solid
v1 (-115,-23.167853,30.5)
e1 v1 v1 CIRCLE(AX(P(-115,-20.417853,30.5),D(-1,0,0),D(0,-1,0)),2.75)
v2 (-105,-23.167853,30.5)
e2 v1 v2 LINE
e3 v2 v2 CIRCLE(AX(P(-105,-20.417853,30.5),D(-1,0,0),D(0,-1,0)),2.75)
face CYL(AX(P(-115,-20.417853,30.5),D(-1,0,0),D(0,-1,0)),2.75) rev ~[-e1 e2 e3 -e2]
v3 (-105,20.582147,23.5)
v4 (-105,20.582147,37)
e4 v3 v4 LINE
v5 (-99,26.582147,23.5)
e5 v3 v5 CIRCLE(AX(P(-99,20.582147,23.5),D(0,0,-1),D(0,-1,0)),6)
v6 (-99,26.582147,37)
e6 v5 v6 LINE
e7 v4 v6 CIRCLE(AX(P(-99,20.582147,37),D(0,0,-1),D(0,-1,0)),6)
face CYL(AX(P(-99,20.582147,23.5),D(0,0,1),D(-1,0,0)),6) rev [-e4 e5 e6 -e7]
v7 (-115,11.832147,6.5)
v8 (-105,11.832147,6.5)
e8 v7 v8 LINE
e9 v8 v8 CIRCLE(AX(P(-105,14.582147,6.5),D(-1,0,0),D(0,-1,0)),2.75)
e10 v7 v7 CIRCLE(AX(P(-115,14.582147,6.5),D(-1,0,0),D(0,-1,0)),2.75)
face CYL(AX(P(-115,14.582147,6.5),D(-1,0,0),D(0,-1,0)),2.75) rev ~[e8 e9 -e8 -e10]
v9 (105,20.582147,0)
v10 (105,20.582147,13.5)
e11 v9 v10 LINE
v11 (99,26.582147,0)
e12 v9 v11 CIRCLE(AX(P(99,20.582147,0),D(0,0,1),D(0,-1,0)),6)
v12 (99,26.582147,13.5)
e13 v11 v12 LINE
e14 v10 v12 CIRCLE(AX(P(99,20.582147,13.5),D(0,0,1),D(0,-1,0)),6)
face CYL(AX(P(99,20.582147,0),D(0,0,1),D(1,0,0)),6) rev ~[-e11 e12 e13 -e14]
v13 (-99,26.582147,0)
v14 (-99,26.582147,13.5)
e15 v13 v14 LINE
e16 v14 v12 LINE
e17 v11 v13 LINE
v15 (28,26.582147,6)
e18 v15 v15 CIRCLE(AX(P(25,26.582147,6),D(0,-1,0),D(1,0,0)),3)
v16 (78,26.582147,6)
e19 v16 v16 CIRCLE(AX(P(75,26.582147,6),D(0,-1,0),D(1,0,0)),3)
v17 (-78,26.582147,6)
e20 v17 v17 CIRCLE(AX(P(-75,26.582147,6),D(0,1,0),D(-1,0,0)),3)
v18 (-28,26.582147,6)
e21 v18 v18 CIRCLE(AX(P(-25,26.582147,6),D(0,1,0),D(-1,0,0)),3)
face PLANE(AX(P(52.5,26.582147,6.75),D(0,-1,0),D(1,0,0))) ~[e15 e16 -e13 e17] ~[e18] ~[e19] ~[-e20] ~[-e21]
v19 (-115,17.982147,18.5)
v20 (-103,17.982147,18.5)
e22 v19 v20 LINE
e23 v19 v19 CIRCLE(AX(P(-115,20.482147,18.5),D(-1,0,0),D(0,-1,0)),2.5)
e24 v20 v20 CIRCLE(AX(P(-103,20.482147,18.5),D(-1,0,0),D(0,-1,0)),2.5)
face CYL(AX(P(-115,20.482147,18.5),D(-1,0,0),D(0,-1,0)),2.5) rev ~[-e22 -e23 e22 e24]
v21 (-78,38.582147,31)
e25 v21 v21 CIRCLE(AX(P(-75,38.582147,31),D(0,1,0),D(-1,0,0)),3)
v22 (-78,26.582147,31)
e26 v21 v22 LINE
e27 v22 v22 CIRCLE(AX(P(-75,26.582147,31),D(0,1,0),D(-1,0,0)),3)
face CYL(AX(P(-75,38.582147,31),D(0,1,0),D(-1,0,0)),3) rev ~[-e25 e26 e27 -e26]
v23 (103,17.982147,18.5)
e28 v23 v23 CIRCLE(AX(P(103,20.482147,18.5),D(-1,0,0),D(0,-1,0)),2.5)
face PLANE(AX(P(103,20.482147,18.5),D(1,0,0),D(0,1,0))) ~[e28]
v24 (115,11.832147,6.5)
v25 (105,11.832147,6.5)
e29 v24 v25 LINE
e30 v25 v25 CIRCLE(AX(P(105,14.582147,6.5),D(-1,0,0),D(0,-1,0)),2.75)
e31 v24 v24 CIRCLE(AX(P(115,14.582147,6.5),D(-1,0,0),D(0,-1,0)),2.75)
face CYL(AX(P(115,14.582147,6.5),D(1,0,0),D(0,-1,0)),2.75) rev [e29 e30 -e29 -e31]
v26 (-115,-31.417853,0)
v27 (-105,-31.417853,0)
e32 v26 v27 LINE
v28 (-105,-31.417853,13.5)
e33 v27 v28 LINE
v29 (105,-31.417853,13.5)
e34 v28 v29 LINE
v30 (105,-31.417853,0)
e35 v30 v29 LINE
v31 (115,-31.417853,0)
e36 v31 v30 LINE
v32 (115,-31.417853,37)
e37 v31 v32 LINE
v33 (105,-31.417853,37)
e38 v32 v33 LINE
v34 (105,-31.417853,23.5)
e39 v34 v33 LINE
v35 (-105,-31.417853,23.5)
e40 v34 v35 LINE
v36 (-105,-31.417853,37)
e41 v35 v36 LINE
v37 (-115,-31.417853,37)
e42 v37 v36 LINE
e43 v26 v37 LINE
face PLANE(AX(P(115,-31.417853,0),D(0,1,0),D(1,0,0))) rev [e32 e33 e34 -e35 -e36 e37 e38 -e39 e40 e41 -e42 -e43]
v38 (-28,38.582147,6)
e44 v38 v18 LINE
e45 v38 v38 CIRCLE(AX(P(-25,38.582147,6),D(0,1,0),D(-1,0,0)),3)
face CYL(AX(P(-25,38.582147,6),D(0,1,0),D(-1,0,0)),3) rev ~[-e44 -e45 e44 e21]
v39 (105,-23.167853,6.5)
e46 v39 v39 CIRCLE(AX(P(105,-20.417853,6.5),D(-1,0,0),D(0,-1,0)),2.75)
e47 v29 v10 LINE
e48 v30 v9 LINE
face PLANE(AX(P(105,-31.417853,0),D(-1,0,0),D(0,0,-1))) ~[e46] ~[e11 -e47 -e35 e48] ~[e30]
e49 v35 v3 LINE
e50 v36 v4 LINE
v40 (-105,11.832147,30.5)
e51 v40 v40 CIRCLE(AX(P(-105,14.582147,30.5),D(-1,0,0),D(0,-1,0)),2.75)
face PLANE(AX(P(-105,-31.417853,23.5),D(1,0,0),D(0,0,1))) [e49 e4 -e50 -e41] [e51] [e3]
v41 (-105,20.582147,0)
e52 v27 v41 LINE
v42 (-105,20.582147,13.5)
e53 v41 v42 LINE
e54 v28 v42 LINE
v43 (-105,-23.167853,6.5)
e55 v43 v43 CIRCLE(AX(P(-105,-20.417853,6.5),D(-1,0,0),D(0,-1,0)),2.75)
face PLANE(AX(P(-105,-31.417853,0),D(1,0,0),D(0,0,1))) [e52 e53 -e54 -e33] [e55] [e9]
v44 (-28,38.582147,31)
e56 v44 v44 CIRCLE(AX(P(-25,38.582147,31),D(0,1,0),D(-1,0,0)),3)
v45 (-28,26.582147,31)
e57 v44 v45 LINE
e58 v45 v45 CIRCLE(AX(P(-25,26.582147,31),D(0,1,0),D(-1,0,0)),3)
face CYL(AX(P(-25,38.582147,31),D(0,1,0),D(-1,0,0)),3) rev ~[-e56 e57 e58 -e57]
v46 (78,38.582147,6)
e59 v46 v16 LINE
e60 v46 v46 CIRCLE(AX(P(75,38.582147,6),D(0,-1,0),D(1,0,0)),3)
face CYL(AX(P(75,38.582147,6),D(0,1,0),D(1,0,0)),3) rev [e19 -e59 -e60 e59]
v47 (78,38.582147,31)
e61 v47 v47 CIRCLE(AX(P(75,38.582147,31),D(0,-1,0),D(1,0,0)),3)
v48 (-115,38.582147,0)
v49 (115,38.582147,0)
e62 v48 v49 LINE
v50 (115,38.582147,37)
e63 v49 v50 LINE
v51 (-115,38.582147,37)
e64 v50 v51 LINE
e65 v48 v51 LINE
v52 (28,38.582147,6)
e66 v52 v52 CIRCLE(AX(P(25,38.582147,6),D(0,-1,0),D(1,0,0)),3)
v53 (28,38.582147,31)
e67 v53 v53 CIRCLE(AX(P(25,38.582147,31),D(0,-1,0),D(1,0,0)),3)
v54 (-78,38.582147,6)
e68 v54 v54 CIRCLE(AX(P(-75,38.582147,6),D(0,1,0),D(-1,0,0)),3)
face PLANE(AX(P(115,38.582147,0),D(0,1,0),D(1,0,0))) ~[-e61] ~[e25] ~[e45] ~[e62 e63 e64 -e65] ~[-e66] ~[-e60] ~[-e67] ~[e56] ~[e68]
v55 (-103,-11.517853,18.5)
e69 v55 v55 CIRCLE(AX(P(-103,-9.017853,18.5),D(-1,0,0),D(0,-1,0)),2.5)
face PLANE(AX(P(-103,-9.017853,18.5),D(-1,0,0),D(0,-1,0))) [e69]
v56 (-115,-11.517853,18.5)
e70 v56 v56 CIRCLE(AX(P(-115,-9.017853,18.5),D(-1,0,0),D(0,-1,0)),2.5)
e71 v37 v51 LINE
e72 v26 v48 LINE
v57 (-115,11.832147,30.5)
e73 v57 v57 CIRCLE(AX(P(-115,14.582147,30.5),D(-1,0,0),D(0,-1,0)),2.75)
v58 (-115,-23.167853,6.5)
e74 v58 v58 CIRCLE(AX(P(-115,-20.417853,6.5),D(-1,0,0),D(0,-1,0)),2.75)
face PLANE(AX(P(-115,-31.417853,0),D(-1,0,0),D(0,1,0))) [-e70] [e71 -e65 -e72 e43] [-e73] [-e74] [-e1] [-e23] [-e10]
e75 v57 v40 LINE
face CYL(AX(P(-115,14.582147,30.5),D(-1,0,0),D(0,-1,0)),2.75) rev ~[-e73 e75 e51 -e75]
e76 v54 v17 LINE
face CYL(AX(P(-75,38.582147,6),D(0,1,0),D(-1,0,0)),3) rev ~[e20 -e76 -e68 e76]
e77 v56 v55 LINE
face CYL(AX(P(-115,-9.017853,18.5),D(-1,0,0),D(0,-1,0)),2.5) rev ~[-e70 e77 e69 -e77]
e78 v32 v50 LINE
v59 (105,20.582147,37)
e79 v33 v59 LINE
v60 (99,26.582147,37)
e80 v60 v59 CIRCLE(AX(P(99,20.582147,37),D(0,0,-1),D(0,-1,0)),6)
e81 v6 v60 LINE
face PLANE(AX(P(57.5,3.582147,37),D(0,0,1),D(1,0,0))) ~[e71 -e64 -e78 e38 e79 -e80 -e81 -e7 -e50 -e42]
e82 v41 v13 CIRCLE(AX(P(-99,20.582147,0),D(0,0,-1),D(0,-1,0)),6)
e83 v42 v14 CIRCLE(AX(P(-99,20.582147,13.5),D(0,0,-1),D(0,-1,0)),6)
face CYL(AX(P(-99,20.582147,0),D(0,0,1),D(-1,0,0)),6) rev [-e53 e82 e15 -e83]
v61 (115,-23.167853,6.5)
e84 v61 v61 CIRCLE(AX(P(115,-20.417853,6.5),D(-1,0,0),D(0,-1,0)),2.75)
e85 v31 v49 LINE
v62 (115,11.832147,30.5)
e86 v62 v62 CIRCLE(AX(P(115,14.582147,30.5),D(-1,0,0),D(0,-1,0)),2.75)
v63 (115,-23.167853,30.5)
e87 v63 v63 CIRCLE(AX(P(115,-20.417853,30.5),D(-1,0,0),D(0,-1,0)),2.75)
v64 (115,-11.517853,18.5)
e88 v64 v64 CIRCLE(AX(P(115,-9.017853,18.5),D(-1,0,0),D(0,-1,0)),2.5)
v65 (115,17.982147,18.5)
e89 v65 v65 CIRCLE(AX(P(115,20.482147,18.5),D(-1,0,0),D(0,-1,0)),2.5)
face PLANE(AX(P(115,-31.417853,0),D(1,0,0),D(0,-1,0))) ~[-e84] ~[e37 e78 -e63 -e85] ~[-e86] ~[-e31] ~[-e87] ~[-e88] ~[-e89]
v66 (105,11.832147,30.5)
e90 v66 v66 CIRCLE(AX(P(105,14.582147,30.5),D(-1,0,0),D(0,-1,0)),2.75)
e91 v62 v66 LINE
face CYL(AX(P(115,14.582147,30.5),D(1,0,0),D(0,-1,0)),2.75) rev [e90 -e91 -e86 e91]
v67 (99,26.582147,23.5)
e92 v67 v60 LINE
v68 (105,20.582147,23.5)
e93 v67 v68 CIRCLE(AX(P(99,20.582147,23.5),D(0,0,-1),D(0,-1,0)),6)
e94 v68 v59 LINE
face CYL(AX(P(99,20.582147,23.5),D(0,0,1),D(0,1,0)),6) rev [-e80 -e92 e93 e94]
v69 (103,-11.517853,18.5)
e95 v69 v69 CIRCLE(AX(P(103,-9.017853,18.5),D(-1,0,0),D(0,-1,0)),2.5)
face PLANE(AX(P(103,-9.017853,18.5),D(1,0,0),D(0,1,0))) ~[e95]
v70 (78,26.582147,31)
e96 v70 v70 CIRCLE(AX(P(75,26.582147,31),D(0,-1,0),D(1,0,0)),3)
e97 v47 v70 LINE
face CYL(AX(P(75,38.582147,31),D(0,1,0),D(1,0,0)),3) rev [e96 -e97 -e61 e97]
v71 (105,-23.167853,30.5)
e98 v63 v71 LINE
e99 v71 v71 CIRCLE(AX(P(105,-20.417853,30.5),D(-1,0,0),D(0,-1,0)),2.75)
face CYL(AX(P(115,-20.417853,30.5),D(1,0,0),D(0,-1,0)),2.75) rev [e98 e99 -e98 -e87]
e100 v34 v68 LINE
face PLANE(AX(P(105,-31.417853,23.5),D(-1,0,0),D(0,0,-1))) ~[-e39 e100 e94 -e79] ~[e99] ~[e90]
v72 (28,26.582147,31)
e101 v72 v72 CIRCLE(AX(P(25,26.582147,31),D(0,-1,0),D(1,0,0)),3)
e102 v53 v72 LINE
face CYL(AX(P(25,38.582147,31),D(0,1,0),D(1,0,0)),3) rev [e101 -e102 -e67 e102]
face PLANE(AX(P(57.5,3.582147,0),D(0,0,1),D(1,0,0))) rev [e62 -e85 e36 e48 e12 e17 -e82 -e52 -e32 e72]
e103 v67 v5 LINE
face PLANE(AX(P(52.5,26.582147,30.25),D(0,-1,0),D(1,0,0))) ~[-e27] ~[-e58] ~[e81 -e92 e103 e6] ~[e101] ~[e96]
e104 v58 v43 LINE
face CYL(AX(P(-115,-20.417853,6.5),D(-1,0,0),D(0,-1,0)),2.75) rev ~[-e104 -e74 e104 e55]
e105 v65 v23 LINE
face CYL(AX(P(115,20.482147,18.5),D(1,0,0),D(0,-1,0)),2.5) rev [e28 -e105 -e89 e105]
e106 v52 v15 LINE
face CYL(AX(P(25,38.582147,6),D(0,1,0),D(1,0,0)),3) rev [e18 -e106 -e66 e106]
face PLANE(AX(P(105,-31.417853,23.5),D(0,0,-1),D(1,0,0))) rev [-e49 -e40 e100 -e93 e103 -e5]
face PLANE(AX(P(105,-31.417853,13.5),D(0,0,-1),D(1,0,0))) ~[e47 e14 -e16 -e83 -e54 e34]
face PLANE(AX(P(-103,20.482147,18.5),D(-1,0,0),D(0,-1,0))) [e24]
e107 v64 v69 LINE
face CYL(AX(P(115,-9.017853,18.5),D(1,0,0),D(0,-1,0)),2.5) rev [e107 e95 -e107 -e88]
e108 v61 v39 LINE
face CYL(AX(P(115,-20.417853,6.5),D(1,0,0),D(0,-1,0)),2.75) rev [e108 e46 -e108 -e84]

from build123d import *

# Parameters (mm, degrees)
F0_W     = 115
F0_H     = 70
F1_DEPTH = 37
F2_R     = 2.75
F2_R_2   = 2.5
F3_DEPTH = 12
F4_W     = 105
F4_H     = 13.5
F5_DEPTH = 58
F6_R     = 3
F7_DEPTH = 70.001
F9_R     = 6


with BuildPart() as f1:
    # F0 (on Top) → F1 (new body)
    with BuildSketch(Plane.XY):
        with Locations((-57.5, 3.58214689)):
            Rectangle(F0_W, F0_H)
    extrude(amount=F1_DEPTH)

    # F2 (on face) → F3 (cut)
    with BuildSketch(Plane(origin=(-115, 0, 0), x_dir=(0, -1, 0), z_dir=(-1, 0, 0))):
        with Locations((-14.58214689, 30.5)):
            Circle(F2_R)
        with Locations((-14.58214689, 6.5)):
            Circle(F2_R)
        with Locations((20.41785311, 6.5)):
            Circle(F2_R)
        with Locations((20.41785311, 30.5)):
            Circle(F2_R)
        with Locations((-20.48214689, 18.5)):
            Circle(F2_R_2)
        with Locations((9.01785311, 18.5)):
            Circle(F2_R_2)
    extrude(amount=-F3_DEPTH, mode=Mode.SUBTRACT)

    # F4 (on face) → F5 (cut)
    with BuildSketch(Plane.XZ.offset(31.41785311)):
        with Locations((-52.5, 6.75)):
            Rectangle(F4_W, F4_H)
        with Locations((-52.5, 30.25)):
            Rectangle(F4_W, F4_H)
    extrude(amount=-F5_DEPTH, mode=Mode.SUBTRACT)

    # F6 (on face) → F7 (cut, through all)
    with BuildSketch(Plane(origin=(0, 38.58214689, 0), x_dir=(-1, 0, 0), z_dir=(0, 1, 0))):
        with Locations((75, 6)):
            Circle(F6_R)
        with Locations((75, 31)):
            Circle(F6_R)
        with Locations((25, 31)):
            Circle(F6_R)
        with Locations((25, 6)):
            Circle(F6_R)
    extrude(amount=-F7_DEPTH, mode=Mode.SUBTRACT)

    # F8: F1 across plane


with BuildPart() as f1_1:
    add(f1.part)
    add(f1.part.mirror(Plane.YZ))

    # F9
    f9_edges = [f1_1.edges().sort_by_distance(p)[0] for p in [
        (-105, 26.582147, 6.75),
        (105, 26.582147, 6.75),
        (-105, 26.582147, 30.25),
        (105, 26.582147, 30.25),
    ]]
    fillet(f9_edges, radius=F9_R)


solid = f1_1.part
